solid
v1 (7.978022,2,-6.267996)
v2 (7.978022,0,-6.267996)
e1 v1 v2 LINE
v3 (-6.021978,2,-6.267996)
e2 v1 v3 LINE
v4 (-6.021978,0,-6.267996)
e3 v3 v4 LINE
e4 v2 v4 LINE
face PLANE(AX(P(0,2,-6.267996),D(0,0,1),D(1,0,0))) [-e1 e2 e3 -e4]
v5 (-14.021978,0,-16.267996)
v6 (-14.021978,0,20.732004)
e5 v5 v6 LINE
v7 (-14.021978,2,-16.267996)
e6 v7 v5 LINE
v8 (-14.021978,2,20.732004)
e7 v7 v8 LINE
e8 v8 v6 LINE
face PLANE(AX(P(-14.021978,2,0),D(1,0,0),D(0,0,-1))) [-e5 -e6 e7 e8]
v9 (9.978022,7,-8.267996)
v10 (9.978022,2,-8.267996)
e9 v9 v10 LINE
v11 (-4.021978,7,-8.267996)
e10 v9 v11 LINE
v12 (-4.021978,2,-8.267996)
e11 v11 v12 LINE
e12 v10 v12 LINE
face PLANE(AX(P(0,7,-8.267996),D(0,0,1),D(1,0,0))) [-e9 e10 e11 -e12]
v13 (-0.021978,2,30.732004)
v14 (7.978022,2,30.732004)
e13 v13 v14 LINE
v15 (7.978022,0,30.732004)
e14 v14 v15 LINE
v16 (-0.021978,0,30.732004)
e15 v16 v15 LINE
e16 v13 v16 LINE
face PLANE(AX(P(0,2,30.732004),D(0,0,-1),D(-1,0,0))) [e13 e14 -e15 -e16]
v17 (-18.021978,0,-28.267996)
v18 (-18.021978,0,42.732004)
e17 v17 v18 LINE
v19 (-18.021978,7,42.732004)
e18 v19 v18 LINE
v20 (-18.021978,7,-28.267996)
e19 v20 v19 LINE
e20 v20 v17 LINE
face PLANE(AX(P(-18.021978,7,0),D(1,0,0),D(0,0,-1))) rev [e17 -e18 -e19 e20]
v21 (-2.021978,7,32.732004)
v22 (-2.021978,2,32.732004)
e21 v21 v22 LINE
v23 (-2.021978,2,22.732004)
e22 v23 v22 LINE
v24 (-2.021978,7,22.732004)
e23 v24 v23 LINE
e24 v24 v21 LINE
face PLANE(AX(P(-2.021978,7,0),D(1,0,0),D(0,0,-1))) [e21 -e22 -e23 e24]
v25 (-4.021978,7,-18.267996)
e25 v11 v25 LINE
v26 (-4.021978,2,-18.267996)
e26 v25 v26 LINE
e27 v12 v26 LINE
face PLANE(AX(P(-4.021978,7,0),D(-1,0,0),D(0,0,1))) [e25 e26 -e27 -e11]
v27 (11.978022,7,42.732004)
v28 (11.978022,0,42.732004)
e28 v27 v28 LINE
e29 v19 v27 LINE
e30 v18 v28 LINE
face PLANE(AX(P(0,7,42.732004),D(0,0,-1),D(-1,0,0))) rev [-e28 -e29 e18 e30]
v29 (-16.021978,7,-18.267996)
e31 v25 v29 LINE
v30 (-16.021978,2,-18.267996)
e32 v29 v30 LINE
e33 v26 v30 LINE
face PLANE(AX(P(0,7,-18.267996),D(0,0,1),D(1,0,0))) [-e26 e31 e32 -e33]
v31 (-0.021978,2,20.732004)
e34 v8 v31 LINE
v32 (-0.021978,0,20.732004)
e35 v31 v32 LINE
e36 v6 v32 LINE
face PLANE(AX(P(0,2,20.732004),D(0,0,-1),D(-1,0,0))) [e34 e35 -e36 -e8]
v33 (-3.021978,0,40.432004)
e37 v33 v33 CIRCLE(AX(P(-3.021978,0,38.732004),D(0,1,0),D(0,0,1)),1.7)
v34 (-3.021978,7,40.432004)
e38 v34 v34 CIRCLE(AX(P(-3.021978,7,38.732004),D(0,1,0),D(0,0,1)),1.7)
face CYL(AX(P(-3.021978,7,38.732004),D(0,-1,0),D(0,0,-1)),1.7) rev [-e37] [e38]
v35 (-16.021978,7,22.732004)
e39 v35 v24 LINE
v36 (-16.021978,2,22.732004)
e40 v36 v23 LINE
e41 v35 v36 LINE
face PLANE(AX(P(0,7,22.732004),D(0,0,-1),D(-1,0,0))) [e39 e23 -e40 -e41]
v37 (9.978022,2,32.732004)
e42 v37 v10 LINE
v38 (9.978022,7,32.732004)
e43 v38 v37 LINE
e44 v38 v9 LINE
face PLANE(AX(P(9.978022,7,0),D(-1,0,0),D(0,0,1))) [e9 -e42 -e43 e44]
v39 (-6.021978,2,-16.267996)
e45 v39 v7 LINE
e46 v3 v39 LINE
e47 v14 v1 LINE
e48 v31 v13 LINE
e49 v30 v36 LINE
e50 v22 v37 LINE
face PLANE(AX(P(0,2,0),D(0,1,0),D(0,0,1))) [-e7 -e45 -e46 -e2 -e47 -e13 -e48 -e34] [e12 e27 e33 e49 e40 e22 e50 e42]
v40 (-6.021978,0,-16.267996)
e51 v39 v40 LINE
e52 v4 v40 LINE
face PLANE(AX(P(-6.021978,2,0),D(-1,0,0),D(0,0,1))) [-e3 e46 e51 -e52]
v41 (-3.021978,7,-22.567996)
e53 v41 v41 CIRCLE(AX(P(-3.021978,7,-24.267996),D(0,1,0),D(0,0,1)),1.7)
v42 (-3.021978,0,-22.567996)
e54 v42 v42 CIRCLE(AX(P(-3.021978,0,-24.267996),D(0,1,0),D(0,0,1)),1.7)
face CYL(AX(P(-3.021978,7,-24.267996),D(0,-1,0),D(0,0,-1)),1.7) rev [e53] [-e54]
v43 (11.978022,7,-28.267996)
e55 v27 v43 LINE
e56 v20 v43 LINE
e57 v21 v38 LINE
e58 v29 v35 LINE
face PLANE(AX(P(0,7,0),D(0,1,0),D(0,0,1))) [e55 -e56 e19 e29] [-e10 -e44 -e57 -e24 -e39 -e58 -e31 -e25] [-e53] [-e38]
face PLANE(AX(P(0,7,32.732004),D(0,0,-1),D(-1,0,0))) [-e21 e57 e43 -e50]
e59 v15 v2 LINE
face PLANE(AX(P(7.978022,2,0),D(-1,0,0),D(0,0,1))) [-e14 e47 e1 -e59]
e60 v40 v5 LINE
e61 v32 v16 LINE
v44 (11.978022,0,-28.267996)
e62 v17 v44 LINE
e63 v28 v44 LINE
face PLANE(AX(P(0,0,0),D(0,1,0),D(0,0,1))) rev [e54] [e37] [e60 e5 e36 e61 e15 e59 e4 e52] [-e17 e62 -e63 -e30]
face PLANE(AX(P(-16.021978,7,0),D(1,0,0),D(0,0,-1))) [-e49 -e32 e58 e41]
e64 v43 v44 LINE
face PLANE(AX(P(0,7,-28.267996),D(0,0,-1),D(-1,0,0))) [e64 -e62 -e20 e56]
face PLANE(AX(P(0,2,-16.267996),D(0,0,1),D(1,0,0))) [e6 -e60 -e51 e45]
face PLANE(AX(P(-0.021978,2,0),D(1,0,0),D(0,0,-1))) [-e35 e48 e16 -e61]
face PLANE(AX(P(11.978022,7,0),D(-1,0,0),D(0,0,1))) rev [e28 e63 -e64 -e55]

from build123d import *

# Parameters (mm, degrees)
BOSS_EXTRUDE1_DEPTH = 2
BOSS_EXTRUDE3_DEPTH = 7
SKETCH1_6_R         = 1.7
BOSS_EXTRUDE4_DEPTH = 7


with BuildPart() as part:
    # Sketch1 → Boss-Extrude1 (new body)
    with BuildSketch(Plane(origin=(0, 0, 0), x_dir=(1, 0, 0), z_dir=(0, 1, 0))):
        Polygon((-4.021978022, 18.267996412), (-16.021978022, 18.267996412), (-16.021978022, -22.732003588), (-4.021978022, -22.732003588), (-2.021978022, -22.732003588), (-2.021978022, -32.732003588), (9.978021978, -32.732003588), (9.978021978, 8.267996412), (-2.021978022, 8.267996412), (-4.021978022, 8.267996412), align=None)
        Polygon((-14.021978022, 16.267996412), (-6.021978022, 16.267996412), (-6.021978022, 6.267996412), (-2.021978022, 6.267996412), (7.978021978, 6.267996412), (7.978021978, -30.732003588), (-0.021978022, -30.732003588), (-0.021978022, -20.732003588), (-4.021978022, -20.732003588), (-14.021978022, -20.732003588), align=None, mode=Mode.SUBTRACT)
    extrude(amount=BOSS_EXTRUDE1_DEPTH)

    # Sketch1<5> → Boss-Extrude3 (add)
    with BuildSketch(Plane(origin=(0, 0, 0), x_dir=(1, 0, 0), z_dir=(0, 1, 0))):
        Polygon((-4.021978022, -34.732003588), (11.978021978, -34.732003588), (11.978021978, 10.267996412), (-2.021978022, 10.267996412), (-2.021978022, 20.267996412), (-18.021978022, 20.267996412), (-18.021978022, -24.732003588), (-4.021978022, -24.732003588), align=None)
        Polygon((-16.021978022, -22.732003588), (-16.021978022, 18.267996412), (-4.021978022, 18.267996412), (-4.021978022, 8.267996412), (-2.021978022, 8.267996412), (9.978021978, 8.267996412), (9.978021978, -32.732003588), (-2.021978022, -32.732003588), (-2.021978022, -22.732003588), (-4.021978022, -22.732003588), align=None, mode=Mode.SUBTRACT)
    extrude(amount=BOSS_EXTRUDE3_DEPTH)

    # Sketch1<6> → Boss-Extrude4 (add)
    # profile 1 of 2: a face of its own
    with BuildSketch(Plane(origin=(0, 0, 0), x_dir=(1, 0, 0), z_dir=(0, 1, 0))):
        Polygon((11.978021978, -42.732003588), (11.978021978, -34.732003588), (-4.021978022, -34.732003588), (-4.021978022, -24.732003588), (-18.021978022, -24.732003588), (-18.021978022, -42.732003588), align=None)
        with Locations((-3.021978022, -38.732003588)):
            Circle(SKETCH1_6_R, mode=Mode.SUBTRACT)
    # profile 2 of 2: a face of its own
    with BuildSketch(Plane(origin=(0, 0, 0), x_dir=(1, 0, 0), z_dir=(0, 1, 0))):
        Polygon((-2.021978022, 10.267996412), (11.978021978, 10.267996412), (11.978021978, 28.267996412), (-18.021978022, 28.267996412), (-18.021978022, 20.267996412), (-2.021978022, 20.267996412), align=None)
        with Locations((-3.021978022, 24.267996412)):
            Circle(SKETCH1_6_R, mode=Mode.SUBTRACT)
    extrude(amount=BOSS_EXTRUDE4_DEPTH)


solid = part.part
